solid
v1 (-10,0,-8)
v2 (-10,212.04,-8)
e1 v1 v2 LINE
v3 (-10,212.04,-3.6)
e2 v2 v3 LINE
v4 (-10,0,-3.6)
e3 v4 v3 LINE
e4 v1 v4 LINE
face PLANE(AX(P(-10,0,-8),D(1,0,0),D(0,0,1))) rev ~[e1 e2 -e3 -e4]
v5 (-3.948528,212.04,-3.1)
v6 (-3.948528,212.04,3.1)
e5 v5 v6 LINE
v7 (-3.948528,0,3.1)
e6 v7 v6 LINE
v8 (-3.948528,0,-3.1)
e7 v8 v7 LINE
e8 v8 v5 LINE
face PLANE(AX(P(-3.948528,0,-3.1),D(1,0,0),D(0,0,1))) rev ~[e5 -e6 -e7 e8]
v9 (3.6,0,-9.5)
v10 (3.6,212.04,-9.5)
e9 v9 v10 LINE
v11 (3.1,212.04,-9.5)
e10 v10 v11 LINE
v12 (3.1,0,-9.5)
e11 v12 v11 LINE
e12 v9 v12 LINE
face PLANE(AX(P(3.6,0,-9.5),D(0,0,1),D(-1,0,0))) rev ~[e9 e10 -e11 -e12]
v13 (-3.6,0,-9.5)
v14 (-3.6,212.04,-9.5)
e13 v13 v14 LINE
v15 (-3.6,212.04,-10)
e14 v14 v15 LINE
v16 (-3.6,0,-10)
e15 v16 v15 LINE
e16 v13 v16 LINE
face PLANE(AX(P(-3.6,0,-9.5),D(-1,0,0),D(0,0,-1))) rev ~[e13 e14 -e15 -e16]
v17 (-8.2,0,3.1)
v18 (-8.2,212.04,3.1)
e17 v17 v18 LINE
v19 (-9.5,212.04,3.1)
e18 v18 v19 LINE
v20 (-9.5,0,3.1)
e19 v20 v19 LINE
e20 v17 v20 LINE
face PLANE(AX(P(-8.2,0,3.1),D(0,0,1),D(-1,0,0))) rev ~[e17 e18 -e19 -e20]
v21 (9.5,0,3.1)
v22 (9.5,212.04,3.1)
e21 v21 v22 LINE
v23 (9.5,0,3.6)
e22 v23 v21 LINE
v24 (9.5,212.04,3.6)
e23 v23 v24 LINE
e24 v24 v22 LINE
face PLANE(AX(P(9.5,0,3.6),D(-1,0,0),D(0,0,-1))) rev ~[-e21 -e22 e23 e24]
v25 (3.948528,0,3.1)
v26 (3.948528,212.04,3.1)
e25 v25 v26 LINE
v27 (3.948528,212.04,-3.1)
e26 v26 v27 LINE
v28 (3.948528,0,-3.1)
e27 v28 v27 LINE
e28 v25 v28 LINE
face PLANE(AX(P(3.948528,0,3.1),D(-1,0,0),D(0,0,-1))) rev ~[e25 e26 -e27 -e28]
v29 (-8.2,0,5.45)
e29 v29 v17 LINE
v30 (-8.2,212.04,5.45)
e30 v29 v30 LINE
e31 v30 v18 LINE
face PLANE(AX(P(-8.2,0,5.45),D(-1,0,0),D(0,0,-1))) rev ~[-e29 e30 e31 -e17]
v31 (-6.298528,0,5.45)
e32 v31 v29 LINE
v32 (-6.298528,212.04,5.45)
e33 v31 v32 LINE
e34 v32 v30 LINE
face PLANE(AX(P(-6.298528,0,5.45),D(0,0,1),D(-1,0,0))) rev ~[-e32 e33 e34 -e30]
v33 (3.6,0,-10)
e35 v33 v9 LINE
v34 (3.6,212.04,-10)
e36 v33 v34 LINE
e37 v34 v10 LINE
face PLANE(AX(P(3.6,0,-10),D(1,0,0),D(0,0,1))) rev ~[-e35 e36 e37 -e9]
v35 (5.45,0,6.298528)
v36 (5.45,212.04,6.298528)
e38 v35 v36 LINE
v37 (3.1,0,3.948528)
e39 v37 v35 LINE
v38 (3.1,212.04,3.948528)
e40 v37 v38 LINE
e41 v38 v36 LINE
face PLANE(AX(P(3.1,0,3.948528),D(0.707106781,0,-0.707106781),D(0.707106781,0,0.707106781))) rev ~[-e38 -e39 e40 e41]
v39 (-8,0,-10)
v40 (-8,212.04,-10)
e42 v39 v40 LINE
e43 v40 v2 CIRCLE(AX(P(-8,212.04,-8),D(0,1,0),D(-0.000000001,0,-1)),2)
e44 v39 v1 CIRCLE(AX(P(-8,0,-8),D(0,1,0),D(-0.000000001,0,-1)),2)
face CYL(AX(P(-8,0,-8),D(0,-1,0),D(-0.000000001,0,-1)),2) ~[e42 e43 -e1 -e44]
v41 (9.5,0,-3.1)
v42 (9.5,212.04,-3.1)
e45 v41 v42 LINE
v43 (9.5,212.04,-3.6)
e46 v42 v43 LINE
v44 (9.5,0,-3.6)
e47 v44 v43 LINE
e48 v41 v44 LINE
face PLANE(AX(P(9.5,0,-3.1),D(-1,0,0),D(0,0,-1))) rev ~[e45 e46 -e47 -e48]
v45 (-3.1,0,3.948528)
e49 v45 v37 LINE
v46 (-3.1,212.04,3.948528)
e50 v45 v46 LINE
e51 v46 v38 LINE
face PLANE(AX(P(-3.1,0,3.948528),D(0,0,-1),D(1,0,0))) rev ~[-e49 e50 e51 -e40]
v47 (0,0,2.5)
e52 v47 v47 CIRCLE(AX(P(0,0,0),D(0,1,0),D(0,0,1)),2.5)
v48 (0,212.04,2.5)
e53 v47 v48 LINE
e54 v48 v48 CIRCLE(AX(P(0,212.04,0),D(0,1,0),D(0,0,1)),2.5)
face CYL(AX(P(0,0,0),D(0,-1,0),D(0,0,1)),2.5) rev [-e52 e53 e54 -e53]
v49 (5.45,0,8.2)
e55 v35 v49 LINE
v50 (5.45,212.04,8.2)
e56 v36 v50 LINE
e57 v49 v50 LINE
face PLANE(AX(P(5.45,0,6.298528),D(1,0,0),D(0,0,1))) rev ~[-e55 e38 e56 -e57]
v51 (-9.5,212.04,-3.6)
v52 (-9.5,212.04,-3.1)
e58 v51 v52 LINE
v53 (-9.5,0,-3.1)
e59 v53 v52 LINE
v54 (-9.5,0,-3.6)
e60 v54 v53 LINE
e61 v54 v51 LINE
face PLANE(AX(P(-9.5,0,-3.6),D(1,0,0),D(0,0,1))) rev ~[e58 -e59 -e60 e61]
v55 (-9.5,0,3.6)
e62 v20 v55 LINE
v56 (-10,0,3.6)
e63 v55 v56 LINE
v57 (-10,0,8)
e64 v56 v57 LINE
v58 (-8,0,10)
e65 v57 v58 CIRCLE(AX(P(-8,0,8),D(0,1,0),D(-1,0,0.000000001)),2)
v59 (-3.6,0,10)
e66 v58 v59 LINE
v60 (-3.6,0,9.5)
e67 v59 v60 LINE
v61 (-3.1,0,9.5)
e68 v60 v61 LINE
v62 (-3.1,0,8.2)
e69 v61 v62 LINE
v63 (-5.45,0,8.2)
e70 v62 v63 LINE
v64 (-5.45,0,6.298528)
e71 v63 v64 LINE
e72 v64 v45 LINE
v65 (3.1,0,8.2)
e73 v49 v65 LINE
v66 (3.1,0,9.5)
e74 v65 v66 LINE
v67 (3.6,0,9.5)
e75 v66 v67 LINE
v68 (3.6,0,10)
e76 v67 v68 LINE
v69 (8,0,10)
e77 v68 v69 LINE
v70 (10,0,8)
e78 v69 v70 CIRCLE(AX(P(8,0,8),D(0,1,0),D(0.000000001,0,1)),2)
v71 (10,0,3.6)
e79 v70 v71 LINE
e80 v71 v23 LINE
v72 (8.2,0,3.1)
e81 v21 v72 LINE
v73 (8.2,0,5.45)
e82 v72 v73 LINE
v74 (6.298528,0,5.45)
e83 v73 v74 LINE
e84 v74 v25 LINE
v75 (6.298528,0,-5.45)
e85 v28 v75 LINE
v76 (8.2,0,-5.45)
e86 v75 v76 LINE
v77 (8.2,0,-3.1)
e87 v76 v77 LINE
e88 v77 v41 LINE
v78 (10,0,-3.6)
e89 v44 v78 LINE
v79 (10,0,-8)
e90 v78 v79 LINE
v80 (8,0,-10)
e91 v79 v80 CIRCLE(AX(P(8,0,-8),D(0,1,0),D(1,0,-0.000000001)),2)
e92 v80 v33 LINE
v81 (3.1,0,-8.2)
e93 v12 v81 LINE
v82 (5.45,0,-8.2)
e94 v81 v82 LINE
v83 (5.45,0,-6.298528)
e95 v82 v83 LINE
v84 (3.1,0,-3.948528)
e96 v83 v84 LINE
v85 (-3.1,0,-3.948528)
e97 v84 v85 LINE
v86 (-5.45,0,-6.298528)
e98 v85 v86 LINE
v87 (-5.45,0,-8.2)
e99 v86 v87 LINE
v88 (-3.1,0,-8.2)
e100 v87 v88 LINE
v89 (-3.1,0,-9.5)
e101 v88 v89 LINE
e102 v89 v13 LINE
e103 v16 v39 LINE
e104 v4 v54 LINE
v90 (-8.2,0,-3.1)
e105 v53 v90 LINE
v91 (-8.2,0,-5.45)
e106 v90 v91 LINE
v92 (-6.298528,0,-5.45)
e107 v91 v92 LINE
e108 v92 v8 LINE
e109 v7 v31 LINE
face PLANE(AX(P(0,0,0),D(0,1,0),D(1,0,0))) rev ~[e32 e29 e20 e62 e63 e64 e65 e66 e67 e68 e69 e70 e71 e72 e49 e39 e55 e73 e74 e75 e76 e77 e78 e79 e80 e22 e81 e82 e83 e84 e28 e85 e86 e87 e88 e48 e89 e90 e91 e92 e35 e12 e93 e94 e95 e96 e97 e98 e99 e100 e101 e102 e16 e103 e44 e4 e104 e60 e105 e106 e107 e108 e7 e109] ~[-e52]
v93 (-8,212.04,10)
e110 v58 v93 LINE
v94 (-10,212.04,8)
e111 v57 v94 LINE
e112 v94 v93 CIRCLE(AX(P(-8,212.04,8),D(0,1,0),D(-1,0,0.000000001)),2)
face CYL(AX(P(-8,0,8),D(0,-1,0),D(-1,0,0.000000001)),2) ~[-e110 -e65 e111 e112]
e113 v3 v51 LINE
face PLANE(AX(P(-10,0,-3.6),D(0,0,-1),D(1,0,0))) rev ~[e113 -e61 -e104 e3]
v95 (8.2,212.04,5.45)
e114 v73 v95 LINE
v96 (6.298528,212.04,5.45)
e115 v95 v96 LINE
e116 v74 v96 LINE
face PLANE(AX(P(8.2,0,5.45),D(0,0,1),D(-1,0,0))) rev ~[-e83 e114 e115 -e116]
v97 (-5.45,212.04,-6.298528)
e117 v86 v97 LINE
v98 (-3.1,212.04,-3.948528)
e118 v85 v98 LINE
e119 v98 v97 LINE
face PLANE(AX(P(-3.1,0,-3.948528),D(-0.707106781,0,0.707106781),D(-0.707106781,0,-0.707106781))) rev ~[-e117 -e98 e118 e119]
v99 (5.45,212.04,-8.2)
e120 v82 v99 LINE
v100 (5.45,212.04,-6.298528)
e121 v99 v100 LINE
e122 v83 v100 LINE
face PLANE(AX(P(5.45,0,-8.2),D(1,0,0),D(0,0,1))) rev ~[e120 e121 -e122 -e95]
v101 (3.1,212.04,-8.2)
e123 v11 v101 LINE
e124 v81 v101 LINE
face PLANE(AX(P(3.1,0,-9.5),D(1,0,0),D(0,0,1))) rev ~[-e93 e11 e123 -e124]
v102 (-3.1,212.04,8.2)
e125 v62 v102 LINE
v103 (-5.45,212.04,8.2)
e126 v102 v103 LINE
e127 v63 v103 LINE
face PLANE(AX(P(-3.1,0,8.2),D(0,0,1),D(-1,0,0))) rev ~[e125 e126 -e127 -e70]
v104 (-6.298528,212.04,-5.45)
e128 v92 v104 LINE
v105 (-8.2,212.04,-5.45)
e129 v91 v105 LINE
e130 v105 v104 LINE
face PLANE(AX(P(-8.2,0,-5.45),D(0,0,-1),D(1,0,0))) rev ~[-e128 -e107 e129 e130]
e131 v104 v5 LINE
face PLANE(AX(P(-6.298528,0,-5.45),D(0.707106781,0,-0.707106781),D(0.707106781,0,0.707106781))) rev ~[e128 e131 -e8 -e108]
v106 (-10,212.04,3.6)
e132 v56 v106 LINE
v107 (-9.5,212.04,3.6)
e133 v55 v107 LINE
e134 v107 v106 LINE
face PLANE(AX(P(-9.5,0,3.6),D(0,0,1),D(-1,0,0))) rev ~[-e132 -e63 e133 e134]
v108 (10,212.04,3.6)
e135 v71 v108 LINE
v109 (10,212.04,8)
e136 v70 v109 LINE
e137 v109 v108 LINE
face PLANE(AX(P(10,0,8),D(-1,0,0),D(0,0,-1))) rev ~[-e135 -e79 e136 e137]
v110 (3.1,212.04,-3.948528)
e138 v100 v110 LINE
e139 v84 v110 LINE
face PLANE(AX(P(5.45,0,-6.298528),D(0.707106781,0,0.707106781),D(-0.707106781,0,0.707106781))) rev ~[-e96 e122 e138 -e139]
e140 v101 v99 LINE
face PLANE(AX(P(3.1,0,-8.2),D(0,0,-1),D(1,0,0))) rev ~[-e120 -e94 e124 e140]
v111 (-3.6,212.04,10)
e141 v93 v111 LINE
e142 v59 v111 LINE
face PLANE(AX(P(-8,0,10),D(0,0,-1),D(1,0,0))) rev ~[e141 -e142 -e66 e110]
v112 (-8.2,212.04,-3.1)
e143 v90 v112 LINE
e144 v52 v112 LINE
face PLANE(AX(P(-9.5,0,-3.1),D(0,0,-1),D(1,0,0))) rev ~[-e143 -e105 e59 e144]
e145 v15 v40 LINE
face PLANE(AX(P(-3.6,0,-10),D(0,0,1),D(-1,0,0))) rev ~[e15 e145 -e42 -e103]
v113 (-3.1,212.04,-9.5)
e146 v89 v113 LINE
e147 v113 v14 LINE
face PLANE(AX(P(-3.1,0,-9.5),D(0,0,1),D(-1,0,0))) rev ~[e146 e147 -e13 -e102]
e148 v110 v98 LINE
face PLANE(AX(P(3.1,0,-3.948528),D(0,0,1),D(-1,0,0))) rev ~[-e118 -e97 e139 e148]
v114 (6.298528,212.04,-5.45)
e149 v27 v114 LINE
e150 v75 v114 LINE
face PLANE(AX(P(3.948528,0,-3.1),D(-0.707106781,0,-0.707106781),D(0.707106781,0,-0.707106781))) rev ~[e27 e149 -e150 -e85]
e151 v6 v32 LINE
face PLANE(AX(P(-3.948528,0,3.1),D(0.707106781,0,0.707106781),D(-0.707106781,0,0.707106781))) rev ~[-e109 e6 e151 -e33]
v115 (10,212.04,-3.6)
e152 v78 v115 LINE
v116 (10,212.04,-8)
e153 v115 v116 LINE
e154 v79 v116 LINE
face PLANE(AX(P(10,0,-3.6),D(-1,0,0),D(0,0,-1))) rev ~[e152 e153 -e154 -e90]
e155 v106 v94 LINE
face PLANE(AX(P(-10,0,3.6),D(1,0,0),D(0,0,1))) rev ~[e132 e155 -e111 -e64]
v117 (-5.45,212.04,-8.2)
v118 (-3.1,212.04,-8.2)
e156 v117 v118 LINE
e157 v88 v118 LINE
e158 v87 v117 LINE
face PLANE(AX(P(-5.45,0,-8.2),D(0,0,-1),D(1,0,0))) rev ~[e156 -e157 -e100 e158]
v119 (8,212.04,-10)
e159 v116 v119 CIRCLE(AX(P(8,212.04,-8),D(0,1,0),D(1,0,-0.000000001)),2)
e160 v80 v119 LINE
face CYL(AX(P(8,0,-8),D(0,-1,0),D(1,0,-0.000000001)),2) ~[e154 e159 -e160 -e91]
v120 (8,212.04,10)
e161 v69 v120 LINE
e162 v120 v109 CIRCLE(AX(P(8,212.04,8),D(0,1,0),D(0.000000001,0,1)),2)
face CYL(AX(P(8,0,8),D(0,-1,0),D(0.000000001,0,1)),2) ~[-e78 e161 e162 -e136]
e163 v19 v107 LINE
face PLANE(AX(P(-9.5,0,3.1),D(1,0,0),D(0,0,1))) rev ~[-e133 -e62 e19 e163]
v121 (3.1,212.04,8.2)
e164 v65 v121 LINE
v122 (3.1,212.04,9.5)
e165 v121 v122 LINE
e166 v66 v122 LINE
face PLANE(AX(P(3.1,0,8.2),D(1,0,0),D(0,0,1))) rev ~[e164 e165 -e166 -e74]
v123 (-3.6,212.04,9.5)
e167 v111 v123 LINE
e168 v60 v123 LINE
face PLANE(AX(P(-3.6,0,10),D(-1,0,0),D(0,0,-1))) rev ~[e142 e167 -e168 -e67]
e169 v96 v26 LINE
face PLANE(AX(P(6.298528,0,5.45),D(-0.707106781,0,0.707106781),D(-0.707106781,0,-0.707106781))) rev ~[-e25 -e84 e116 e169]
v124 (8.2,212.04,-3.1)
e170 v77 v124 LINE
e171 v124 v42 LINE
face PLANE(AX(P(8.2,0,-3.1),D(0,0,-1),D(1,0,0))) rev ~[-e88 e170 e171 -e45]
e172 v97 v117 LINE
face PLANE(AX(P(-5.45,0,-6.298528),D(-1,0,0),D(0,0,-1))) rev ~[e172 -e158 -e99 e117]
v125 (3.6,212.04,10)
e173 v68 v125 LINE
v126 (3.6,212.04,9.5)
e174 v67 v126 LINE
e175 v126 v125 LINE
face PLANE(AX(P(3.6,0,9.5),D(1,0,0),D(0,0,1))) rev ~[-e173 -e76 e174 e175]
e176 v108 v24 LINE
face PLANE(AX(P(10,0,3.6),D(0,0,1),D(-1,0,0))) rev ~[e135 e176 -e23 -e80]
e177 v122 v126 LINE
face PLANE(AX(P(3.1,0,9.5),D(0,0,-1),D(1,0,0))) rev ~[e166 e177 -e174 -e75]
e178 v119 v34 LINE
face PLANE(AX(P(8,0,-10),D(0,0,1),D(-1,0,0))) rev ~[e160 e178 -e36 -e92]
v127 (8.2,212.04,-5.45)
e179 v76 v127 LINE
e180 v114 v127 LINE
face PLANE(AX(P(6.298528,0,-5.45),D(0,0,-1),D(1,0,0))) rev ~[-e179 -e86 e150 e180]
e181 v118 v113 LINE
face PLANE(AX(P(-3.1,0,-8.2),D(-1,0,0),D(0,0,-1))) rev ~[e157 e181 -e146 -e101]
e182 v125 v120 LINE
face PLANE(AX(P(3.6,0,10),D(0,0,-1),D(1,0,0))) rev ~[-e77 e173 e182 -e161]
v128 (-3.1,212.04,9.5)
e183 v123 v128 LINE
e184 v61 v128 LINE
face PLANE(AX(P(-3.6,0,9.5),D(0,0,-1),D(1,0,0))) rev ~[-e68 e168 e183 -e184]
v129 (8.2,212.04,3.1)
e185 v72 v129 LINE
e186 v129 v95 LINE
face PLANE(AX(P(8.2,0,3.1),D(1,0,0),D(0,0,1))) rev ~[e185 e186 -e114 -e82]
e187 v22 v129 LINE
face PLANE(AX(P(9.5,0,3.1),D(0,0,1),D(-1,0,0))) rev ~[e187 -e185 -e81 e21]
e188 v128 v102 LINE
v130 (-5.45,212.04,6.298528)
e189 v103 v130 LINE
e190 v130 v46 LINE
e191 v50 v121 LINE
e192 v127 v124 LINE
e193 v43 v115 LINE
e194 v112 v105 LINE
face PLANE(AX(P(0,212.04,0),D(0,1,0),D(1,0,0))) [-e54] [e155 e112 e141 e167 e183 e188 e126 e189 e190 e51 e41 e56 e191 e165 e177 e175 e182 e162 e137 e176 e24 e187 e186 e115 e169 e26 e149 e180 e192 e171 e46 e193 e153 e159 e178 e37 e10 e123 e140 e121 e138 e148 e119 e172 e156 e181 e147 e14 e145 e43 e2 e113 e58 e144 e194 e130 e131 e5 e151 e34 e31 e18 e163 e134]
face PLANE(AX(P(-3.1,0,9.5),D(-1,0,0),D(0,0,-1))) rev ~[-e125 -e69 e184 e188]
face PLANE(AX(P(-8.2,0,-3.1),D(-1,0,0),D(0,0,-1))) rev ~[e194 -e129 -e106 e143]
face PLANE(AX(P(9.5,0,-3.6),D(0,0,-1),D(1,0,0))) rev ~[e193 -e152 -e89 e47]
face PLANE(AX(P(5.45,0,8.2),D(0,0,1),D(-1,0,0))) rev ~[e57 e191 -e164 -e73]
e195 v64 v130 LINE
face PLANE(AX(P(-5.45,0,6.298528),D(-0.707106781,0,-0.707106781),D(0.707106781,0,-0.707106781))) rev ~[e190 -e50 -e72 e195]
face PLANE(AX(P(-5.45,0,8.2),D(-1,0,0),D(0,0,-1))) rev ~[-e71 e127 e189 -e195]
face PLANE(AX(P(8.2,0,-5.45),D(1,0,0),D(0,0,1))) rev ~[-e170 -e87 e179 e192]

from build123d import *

# Parameters (mm, degrees)
SKETCH_1_R      = 2.5
EXTRUDE_1_DEPTH = 212.04


with BuildPart() as part:
    # 草图1 → 凸台-拉伸1 (new body)
    with BuildSketch(Plane(origin=(0, 0, 0), x_dir=(1, 0, 0), z_dir=(0, 1, 0))):
        with BuildLine():
            Line((-3.948528137, -3.1), (-6.298528137, -5.45))
            Line((-6.298528137, -5.45), (-8.2, -5.45))
            Line((-8.2, -5.45), (-8.2, -3.1))
            Line((-8.2, -3.1), (-9.5, -3.1))
            Line((-9.5, -3.1), (-9.5, -3.6))
            Line((-9.5, -3.6), (-10, -3.6))
            Line((-10, -3.6), (-10, -8))
            ThreePointArc((-10, -8), (-9.414213562, -9.414213562), (-8, -10))
            Line((-8, -10), (-3.6, -10))
            Line((-3.6, -10), (-3.6, -9.5))
            Line((-3.6, -9.5), (-3.1, -9.5))
            Line((-3.1, -9.5), (-3.1, -8.2))
            Line((-3.1, -8.2), (-5.45, -8.2))
            Line((-5.45, -8.2), (-5.45, -6.298528137))
            Line((-5.45, -6.298528137), (-3.1, -3.948528137))
            Line((-3.1, -3.948528137), (0, -3.948528137))
            Line((0, -3.948528137), (3.1, -3.948528137))
            Line((3.1, -3.948528137), (5.45, -6.298528137))
            Line((5.45, -6.298528137), (5.45, -8.2))
            Line((5.45, -8.2), (3.1, -8.2))
            Line((3.1, -8.2), (3.1, -9.5))
            Line((3.1, -9.5), (3.6, -9.5))
            Line((3.6, -9.5), (3.6, -10))
            Line((3.6, -10), (8, -10))
            ThreePointArc((8, -10), (9.414213562, -9.414213562), (10, -8))
            Line((10, -8), (10, -3.6))
            Line((10, -3.6), (9.5, -3.6))
            Line((9.5, -3.6), (9.5, -3.1))
            Line((9.5, -3.1), (8.2, -3.1))
            Line((8.2, -3.1), (8.2, -5.45))
            Line((8.2, -5.45), (6.298528137, -5.45))
            Line((6.298528137, -5.45), (3.948528137, -3.1))
            Line((3.948528137, -3.1), (3.948528137, 0))
            Line((3.948528137, 0), (3.948528137, 3.1))
            Line((3.948528137, 3.1), (6.298528137, 5.45))
            Line((6.298528137, 5.45), (8.2, 5.45))
            Line((8.2, 5.45), (8.2, 3.1))
            Line((8.2, 3.1), (9.5, 3.1))
            Line((9.5, 3.1), (9.5, 3.6))
            Line((9.5, 3.6), (10, 3.6))
            Line((10, 3.6), (10, 8))
            ThreePointArc((10, 8), (9.414213562, 9.414213562), (8, 10))
            Line((8, 10), (3.6, 10))
            Line((3.6, 10), (3.6, 9.5))
            Line((3.6, 9.5), (3.1, 9.5))
            Line((3.1, 9.5), (3.1, 8.2))
            Line((3.1, 8.2), (5.45, 8.2))
            Line((5.45, 8.2), (5.45, 6.298528137))
            Line((5.45, 6.298528137), (3.1, 3.948528137))
            Line((3.1, 3.948528137), (0, 3.948528137))
            Line((0, 3.948528137), (-3.1, 3.948528137))
            Line((-3.1, 3.948528137), (-5.45, 6.298528137))
            Line((-5.45, 6.298528137), (-5.45, 8.2))
            Line((-5.45, 8.2), (-3.1, 8.2))
            Line((-3.1, 8.2), (-3.1, 9.5))
            Line((-3.1, 9.5), (-3.6, 9.5))
            Line((-3.6, 9.5), (-3.6, 10))
            Line((-3.6, 10), (-8, 10))
            ThreePointArc((-8, 10), (-9.414213562, 9.414213562), (-10, 8))
            Line((-10, 8), (-10, 3.6))
            Line((-10, 3.6), (-9.5, 3.6))
            Line((-9.5, 3.6), (-9.5, 3.1))
            Line((-9.5, 3.1), (-8.2, 3.1))
            Line((-8.2, 3.1), (-8.2, 5.45))
            Line((-8.2, 5.45), (-6.298528137, 5.45))
            Line((-6.298528137, 5.45), (-3.948528137, 3.1))
            Line((-3.948528137, 3.1), (-3.948528137, 0))
            Line((-3.948528137, 0), (-3.948528137, -3.1))
        make_face()
        with Locations(Location((0, 0, 0), (0, 0, 270))):
            Circle(SKETCH_1_R, mode=Mode.SUBTRACT)
    extrude(amount=EXTRUDE_1_DEPTH)


solid = part.part
